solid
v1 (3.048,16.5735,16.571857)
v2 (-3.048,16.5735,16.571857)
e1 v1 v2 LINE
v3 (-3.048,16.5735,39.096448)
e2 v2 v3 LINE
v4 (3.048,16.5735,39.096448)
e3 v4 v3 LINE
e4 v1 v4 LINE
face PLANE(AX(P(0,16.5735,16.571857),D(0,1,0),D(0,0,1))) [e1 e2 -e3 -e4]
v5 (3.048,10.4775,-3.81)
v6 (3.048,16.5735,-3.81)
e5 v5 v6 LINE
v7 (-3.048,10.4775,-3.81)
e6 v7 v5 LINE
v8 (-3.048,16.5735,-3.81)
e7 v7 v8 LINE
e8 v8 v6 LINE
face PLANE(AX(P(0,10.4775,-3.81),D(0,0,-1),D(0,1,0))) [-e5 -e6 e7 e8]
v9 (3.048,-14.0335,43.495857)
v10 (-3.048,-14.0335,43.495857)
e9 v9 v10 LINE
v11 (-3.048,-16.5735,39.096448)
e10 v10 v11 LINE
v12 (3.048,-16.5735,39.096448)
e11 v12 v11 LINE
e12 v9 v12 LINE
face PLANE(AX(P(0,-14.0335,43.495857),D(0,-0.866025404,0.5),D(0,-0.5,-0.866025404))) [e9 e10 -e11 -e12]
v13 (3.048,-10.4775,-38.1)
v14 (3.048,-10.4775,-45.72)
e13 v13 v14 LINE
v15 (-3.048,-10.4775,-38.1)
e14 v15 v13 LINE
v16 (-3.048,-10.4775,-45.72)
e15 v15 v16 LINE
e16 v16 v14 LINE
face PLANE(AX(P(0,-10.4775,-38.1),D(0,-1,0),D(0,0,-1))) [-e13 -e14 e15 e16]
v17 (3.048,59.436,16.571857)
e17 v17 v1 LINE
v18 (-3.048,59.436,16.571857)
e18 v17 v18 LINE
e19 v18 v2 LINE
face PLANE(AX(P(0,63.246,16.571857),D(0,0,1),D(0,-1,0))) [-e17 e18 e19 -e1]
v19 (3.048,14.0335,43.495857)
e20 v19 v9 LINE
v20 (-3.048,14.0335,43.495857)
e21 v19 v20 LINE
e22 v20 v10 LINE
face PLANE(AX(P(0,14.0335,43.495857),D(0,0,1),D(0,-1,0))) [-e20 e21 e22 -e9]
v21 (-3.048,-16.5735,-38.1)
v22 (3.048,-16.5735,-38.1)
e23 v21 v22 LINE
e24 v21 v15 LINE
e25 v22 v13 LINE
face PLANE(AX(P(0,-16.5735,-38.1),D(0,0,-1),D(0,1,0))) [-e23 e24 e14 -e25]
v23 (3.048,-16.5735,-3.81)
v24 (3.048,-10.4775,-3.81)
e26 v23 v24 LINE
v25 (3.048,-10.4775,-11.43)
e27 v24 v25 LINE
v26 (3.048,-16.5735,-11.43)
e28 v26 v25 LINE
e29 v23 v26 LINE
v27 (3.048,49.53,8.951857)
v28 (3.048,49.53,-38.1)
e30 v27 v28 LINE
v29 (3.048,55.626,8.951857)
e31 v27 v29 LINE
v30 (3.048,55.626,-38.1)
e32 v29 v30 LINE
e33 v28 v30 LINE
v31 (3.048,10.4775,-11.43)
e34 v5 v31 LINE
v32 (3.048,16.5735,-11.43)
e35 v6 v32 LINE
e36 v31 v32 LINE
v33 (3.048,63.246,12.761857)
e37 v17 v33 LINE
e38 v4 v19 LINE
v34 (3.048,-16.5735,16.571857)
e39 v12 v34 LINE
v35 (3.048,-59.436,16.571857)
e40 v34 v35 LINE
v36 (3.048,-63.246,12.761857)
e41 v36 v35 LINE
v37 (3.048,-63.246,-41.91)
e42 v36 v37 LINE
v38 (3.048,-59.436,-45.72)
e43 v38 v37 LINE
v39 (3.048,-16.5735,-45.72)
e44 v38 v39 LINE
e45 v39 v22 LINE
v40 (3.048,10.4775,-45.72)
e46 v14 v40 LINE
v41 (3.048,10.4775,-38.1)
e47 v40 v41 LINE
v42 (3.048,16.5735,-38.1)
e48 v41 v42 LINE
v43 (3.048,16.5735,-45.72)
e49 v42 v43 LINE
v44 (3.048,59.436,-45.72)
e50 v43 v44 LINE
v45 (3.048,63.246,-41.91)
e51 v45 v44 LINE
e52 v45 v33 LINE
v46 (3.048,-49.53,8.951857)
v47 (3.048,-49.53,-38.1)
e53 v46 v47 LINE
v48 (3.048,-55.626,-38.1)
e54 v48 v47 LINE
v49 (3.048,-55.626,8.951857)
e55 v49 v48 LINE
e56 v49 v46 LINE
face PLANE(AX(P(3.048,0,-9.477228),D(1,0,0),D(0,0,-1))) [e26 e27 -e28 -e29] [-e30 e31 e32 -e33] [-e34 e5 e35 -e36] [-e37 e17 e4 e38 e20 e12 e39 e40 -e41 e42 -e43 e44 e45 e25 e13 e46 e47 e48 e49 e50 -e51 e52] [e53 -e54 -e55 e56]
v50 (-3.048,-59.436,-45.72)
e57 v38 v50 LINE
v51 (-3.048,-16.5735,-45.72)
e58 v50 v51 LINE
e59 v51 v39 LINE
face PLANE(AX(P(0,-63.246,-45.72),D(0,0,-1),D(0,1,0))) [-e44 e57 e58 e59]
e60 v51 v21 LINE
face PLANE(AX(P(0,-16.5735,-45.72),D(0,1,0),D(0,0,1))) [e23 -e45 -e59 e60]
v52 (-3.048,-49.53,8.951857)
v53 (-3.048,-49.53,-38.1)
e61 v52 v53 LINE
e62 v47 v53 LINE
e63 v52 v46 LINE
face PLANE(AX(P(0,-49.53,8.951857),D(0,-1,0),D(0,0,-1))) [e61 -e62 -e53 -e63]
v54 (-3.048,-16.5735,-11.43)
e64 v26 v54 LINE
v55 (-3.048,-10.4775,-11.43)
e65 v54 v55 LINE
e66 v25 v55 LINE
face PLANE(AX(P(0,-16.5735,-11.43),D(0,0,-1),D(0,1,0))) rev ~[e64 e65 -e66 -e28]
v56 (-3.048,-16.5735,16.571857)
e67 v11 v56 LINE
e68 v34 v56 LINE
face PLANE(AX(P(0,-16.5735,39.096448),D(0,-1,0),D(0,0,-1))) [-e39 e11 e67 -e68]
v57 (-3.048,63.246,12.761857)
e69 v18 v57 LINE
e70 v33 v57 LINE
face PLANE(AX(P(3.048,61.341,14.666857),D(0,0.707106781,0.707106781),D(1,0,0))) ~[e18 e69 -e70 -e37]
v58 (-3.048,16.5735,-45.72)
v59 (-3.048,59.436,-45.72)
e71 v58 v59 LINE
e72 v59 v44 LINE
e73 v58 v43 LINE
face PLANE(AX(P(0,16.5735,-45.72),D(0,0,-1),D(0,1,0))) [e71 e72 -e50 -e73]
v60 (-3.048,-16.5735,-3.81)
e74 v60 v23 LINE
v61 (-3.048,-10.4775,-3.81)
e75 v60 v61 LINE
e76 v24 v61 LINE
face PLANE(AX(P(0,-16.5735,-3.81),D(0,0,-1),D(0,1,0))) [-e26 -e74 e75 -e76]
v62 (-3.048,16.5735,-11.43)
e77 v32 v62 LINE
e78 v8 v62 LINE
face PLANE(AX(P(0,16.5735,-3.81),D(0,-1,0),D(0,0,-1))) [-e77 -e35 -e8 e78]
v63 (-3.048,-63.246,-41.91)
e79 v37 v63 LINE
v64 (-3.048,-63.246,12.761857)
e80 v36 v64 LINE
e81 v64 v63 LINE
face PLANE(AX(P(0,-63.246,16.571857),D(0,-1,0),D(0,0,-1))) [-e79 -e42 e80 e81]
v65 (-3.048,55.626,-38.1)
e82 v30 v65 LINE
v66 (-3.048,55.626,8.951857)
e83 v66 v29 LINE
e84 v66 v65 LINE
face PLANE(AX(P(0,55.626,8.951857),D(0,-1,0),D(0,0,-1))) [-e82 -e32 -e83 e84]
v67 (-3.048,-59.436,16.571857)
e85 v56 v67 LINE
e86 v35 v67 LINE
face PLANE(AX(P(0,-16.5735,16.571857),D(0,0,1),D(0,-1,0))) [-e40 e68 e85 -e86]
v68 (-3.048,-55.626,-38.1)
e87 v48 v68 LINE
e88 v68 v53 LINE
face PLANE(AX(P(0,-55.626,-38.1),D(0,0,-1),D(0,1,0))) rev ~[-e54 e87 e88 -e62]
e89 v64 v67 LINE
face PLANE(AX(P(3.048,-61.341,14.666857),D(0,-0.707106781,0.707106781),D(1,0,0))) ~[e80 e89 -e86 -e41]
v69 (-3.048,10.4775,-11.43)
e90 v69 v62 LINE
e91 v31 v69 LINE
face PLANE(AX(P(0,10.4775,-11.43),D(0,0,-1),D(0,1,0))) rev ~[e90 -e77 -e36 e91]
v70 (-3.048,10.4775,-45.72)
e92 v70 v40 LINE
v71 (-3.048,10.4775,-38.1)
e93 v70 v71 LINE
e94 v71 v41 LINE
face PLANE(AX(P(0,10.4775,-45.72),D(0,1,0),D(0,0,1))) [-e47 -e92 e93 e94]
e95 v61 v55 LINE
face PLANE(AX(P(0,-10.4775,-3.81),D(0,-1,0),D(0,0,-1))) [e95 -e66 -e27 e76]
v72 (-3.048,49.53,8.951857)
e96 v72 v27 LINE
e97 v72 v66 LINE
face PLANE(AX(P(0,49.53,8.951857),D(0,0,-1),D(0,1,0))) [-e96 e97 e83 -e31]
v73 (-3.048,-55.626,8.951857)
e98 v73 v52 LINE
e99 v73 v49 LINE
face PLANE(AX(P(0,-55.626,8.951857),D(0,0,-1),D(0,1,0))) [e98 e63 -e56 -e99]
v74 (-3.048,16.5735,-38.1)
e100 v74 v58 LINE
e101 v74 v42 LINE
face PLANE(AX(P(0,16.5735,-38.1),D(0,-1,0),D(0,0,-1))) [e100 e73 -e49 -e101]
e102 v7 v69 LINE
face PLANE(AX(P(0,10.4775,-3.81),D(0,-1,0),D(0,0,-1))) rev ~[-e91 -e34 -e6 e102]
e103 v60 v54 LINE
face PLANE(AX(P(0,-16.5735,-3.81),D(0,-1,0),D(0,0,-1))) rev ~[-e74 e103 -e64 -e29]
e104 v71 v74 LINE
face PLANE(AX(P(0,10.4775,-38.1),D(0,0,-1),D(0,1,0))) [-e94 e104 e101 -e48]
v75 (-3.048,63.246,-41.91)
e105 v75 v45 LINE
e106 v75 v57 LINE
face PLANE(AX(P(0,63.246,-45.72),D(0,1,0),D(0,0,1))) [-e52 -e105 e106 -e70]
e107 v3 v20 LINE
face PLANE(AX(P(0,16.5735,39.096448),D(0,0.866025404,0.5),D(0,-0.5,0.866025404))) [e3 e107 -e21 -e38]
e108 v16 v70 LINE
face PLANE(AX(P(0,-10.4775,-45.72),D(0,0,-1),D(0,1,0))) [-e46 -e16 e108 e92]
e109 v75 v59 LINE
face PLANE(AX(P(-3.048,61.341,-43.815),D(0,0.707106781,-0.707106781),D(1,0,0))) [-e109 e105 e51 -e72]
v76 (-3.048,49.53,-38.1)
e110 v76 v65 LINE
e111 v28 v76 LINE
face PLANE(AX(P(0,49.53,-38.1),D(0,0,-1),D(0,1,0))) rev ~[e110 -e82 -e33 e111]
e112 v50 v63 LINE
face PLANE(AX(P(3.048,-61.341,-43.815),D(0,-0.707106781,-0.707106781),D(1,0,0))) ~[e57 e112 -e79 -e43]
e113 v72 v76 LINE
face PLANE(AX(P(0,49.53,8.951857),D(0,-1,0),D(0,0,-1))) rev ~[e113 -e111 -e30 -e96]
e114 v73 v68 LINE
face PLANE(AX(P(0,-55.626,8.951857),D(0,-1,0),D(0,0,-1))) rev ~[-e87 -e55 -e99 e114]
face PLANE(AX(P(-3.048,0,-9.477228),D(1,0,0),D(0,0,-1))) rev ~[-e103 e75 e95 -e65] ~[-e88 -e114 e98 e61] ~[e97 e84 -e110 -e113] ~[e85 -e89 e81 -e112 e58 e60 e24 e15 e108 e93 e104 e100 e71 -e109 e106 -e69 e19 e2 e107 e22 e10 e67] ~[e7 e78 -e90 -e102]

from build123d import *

# Parameters (mm, degrees)
SKETCH1_W           = 47.051856626
SKETCH1_H           = 6.096
SKETCH1_W_2         = 7.62
BOSS_EXTRUDE1_DEPTH = 3.048
CHAMFER2_SIZE       = 3.81


with BuildPart() as part:
    # Sketch1 → Boss-Extrude1 (new body, symmetric)
    with BuildSketch(Plane(origin=(0, 0, 0), x_dir=(0, 0, -1), z_dir=(1, 0, 0))):
        Polygon((45.72, -63.246), (45.72, -16.5735), (38.1, -16.5735), (38.1, -10.4775), (45.72, -10.4775), (45.72, 10.4775), (38.1, 10.4775), (38.1, 16.5735), (45.72, 16.5735), (45.72, 63.246), (-16.571856626, 63.246), (-16.571856626, 16.5735), (-39.096447575, 16.5735), (-43.495856626, 14.0335), (-43.495856626, -14.0335), (-39.096447575, -16.5735), (-16.571856626, -16.5735), (-16.571856626, -63.246), align=None)
        with Locations((14.574071687, -52.578)):
            Rectangle(SKETCH1_W, SKETCH1_H, mode=Mode.SUBTRACT)
        with Locations((14.574071687, 52.578)):
            Rectangle(SKETCH1_W, SKETCH1_H, mode=Mode.SUBTRACT)
        with Locations((7.62, 13.5255)):
            Rectangle(SKETCH1_W_2, SKETCH1_H, mode=Mode.SUBTRACT)
        with Locations((7.62, -13.5255)):
            Rectangle(SKETCH1_W_2, SKETCH1_H, mode=Mode.SUBTRACT)
    extrude(amount=BOSS_EXTRUDE1_DEPTH, both=True)

    # Chamfer2
    chamfer2_edges = [part.edges().sort_by_distance(p)[0] for p in [
        (0, -63.246, -45.72),
        (0, -63.246, 16.571856626),
        (0, 63.246, 16.571856626),
        (0, 63.246, -45.72),
    ]]
    chamfer(chamfer2_edges, length=CHAMFER2_SIZE)


solid = part.part
